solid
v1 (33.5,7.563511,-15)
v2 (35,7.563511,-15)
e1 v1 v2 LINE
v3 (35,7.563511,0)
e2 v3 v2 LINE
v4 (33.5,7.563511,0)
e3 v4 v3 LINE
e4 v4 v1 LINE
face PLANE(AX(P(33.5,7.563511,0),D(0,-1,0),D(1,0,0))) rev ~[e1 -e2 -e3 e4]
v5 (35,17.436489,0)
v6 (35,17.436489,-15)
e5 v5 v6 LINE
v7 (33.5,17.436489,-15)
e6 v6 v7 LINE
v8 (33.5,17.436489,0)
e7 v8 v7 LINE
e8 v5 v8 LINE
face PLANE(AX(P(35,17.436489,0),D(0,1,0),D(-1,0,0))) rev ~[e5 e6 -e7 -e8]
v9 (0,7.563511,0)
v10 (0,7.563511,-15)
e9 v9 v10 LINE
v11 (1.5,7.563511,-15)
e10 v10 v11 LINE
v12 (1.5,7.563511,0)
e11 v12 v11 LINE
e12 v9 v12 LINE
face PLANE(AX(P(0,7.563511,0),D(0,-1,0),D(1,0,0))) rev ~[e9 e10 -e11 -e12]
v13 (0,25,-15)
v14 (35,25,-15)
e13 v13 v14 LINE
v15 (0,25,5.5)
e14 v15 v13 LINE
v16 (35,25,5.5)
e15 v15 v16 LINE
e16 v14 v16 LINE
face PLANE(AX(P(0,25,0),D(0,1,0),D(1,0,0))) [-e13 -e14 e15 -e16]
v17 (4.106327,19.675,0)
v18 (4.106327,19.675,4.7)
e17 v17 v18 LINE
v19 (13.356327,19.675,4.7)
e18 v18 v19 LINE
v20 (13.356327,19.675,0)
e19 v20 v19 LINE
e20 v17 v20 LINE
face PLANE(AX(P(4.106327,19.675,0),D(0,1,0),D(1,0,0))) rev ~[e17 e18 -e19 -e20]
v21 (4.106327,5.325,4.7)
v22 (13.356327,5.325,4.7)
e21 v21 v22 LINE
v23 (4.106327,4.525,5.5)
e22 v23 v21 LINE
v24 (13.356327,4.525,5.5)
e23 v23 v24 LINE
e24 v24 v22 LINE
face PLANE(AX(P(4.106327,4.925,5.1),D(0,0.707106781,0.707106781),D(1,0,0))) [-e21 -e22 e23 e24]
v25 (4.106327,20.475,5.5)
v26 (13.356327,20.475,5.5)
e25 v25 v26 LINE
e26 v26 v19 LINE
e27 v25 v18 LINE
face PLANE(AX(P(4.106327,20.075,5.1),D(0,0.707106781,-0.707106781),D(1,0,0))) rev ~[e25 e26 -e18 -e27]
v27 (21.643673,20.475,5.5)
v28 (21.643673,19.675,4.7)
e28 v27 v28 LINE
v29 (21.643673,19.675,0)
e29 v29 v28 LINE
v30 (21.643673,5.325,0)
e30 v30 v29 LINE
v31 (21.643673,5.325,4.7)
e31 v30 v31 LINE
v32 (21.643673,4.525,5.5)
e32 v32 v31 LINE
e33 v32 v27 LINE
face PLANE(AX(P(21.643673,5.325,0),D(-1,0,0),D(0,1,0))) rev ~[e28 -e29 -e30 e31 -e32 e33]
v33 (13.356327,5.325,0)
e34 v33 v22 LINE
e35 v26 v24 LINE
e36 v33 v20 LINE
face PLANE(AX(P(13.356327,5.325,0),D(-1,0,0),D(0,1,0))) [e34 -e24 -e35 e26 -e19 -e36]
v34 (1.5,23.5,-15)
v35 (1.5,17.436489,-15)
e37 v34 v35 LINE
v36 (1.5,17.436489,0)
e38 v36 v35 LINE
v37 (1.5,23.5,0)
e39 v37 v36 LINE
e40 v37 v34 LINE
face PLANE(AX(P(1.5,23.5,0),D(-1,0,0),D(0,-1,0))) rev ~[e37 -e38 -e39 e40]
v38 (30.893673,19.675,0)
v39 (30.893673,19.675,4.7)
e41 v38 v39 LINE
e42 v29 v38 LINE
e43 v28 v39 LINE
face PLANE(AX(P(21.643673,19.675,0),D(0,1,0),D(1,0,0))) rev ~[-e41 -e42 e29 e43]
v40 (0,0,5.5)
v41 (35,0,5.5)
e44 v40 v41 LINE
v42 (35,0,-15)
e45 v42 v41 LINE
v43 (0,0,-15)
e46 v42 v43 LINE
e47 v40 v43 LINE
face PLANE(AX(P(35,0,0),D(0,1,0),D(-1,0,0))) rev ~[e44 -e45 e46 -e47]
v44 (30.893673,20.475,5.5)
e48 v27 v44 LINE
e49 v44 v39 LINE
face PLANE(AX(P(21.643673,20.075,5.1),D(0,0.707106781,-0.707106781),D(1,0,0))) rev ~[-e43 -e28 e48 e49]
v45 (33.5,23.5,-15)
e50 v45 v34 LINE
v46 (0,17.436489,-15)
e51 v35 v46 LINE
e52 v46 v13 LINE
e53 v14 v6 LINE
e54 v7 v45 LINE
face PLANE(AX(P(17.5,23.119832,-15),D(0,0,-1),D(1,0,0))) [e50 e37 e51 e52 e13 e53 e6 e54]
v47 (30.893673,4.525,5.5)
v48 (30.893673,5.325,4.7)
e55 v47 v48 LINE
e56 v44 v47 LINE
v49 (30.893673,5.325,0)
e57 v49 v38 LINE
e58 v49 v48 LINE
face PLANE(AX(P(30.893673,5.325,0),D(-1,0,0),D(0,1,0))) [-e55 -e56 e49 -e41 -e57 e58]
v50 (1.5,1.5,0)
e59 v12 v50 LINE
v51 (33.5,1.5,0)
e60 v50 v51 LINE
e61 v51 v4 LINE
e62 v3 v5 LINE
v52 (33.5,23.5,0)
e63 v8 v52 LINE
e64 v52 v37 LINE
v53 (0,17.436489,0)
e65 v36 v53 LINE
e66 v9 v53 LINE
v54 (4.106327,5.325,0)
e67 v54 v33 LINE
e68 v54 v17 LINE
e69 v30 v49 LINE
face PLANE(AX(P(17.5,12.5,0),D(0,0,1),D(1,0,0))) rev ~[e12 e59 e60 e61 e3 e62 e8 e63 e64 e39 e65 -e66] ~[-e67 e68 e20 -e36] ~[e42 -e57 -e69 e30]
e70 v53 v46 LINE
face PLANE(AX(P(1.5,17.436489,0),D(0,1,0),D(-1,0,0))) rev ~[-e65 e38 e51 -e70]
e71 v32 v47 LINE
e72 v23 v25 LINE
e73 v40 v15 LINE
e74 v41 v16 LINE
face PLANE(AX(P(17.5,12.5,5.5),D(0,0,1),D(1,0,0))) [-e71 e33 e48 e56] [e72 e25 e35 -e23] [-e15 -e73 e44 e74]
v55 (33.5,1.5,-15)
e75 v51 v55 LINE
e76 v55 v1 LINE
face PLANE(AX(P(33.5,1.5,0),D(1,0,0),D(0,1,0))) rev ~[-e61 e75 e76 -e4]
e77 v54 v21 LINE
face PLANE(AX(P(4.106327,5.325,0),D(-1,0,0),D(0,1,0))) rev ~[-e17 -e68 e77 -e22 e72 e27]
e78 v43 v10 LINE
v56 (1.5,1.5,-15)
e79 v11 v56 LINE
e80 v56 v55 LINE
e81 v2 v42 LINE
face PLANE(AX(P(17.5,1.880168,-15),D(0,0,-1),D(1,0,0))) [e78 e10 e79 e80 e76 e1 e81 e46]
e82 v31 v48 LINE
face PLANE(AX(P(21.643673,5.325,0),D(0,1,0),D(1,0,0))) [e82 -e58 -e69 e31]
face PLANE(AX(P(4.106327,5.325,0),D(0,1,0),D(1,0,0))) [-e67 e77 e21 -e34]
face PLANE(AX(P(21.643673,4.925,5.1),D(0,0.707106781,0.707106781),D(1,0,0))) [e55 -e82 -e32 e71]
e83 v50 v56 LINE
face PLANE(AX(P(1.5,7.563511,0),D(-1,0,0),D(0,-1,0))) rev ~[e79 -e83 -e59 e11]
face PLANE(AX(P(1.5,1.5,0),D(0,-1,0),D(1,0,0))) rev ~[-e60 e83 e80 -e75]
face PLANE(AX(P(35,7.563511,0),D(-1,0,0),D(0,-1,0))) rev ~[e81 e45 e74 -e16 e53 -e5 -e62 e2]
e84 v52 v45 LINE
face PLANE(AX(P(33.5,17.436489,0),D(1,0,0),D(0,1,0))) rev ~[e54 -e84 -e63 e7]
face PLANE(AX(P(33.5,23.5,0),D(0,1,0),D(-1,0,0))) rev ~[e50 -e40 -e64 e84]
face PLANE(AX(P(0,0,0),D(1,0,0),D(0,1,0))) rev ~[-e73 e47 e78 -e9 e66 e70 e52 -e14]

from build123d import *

# Parameters (mm, degrees)
F0_W     = 35
F0_H     = 25
F0_W_2   = 9.25
F0_H_2   = 14.35
F1_DEPTH = 5.5
F3_DEPTH = 15
F4_SIZE  = 0.8


with BuildPart() as f1:
    # F0 (on Top) → F1 (new body)
    with BuildSketch(Plane.XY):
        with Locations((17.5, 12.5)):
            Rectangle(F0_W, F0_H)
        with Locations((8.731327, 12.5)):
            Rectangle(F0_W_2, F0_H_2, mode=Mode.SUBTRACT)
        with Locations((26.268673, 12.5)):
            Rectangle(F0_W_2, F0_H_2, mode=Mode.SUBTRACT)
    extrude(amount=F1_DEPTH)

    # F2 (on face) → F3 (join)
    with BuildSketch(Plane(origin=(0, 0, 0), x_dir=(1, 0, 0), z_dir=(0, 0, -1))):
        Polygon((35, 0), (0, 0), (0, -7.563511), (1.5, -7.563511), (1.5, -1.5), (33.5, -1.5), (33.5, -7.563511), (35, -7.563511), align=None)
        Polygon((1.5, -17.436489), (0, -17.436489), (0, -25), (35, -25), (35, -17.436489), (33.5, -17.436489), (33.5, -23.5), (1.5, -23.5), align=None)
    extrude(amount=F3_DEPTH)

    # F4
    f4_edges = [f1.edges().sort_by_distance(p)[0] for p in [
        (8.731327, 19.675, 5.5),
        (8.731327, 5.325, 5.5),
        (26.268673, 19.675, 5.5),
        (26.268673, 5.325, 5.5),
    ]]
    chamfer(f4_edges, length=F4_SIZE)


solid = f1.part
